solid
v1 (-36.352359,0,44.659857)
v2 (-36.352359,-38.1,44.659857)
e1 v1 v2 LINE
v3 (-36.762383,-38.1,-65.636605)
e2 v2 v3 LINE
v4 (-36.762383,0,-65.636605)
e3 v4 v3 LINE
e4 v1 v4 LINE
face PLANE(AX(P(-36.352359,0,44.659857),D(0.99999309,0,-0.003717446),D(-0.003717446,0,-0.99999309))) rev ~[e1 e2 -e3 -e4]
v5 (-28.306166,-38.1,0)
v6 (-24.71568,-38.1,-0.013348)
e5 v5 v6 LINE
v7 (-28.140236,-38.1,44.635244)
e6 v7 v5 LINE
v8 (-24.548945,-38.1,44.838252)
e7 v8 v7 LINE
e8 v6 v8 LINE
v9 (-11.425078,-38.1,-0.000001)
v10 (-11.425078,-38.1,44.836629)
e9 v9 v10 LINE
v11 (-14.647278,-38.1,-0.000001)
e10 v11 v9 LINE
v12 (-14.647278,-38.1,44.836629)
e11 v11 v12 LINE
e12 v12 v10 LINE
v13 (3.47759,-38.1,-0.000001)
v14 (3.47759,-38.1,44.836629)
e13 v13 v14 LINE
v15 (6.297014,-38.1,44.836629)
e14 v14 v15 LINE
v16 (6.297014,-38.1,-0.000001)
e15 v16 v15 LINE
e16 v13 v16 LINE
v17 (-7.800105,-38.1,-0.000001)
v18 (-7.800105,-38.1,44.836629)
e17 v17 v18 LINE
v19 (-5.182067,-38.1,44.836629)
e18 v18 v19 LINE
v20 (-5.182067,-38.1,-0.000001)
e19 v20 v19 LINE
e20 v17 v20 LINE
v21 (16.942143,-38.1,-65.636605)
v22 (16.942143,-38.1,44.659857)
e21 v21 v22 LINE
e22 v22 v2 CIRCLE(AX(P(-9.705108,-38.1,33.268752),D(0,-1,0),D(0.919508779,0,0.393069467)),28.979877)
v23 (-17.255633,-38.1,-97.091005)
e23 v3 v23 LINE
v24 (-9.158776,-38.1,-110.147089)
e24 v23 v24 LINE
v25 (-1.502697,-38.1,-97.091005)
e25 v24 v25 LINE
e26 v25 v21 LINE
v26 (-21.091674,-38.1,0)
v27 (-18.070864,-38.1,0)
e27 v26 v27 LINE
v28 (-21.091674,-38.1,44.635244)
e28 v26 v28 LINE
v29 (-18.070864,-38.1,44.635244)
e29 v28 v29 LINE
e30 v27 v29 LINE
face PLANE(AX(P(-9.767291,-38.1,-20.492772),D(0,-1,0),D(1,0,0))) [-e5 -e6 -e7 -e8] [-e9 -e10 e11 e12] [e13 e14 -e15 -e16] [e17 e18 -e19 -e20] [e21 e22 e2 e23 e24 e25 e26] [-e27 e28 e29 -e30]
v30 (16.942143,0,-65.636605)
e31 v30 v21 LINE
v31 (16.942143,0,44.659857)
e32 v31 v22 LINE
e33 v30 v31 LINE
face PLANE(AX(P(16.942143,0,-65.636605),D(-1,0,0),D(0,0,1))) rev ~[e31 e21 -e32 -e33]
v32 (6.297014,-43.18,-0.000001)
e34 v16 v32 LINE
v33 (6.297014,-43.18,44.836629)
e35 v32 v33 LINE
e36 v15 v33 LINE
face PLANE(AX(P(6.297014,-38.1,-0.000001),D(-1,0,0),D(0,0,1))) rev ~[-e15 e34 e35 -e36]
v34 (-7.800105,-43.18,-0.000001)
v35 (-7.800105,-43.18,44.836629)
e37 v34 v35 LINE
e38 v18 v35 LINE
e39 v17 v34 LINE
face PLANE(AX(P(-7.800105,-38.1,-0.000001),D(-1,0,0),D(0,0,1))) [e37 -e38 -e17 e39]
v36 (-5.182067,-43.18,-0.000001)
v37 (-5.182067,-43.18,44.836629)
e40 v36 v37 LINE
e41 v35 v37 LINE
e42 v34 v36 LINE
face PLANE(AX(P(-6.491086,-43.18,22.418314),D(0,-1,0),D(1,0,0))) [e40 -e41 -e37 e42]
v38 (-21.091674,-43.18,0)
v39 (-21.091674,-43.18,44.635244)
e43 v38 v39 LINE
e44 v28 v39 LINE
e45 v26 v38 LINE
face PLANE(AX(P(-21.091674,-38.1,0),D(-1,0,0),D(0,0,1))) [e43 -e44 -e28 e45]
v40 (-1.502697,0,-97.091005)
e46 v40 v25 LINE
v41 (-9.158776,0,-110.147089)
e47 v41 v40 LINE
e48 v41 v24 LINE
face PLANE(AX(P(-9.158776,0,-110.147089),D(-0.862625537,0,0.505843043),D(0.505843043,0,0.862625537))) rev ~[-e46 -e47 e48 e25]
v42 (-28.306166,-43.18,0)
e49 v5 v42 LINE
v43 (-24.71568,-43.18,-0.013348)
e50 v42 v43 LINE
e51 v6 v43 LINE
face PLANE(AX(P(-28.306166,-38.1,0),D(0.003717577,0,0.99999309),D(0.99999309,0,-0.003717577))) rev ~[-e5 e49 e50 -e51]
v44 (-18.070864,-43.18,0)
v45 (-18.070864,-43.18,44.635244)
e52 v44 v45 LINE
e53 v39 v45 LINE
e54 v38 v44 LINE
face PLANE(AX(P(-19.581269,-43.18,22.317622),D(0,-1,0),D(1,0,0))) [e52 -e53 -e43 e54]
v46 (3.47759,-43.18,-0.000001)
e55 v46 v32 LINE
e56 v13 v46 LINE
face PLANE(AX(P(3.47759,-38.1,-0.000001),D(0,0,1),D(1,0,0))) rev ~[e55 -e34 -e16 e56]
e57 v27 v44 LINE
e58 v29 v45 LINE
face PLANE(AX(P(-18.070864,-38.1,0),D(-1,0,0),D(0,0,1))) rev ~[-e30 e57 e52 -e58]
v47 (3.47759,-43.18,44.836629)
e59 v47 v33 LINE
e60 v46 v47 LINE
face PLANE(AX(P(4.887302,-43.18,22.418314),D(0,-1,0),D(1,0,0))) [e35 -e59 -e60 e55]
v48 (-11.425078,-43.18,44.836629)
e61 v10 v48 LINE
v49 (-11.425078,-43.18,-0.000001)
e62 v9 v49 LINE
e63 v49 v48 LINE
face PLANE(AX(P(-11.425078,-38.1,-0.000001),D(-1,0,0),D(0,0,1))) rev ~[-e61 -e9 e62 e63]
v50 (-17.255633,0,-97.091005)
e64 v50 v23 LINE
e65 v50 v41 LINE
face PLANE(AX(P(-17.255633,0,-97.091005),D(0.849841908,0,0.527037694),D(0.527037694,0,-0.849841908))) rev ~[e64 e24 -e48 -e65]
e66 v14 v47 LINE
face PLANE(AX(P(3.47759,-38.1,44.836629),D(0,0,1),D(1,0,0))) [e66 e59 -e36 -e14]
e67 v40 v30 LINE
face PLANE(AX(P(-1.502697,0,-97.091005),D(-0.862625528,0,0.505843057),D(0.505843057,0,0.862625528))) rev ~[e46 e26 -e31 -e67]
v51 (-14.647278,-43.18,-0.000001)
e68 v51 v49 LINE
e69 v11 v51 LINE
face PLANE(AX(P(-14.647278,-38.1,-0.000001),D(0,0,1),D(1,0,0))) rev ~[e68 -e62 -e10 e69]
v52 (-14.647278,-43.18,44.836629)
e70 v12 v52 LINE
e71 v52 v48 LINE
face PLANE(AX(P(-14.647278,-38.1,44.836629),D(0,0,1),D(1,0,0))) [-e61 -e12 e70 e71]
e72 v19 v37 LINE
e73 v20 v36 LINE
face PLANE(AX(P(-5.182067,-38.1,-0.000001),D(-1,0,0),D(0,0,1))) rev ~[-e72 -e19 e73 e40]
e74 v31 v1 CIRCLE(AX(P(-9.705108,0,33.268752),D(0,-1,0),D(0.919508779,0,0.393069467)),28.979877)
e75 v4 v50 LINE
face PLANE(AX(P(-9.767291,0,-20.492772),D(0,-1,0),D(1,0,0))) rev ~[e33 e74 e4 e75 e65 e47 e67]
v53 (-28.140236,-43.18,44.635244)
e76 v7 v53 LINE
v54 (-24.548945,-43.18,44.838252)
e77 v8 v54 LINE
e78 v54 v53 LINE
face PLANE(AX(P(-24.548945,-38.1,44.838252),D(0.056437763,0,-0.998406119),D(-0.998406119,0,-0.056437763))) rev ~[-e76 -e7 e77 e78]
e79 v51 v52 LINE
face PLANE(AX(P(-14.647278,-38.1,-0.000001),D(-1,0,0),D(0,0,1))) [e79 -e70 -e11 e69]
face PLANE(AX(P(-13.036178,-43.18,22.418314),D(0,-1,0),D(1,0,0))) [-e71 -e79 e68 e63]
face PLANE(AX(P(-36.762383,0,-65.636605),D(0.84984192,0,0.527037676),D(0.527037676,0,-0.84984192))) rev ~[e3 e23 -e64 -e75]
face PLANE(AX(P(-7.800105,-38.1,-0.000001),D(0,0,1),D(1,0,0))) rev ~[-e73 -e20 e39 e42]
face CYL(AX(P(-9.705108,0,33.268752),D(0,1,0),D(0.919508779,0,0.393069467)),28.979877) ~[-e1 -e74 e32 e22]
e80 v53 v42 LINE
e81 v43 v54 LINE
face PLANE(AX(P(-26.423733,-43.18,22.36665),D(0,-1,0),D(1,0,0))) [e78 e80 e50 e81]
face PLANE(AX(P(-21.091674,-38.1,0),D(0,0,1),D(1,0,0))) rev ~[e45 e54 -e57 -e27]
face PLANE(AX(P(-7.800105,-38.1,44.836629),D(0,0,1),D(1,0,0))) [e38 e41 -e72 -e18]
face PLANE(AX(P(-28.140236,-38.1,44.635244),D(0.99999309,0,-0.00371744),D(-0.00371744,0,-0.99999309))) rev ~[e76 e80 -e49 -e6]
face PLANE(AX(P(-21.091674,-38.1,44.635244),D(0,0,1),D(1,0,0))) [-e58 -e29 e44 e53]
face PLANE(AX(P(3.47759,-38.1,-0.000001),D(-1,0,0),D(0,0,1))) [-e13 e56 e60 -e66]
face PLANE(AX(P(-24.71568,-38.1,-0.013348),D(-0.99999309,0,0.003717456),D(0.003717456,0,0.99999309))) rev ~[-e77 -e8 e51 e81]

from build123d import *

# Parameters (mm, degrees)
F1_DEPTH = 38.1
F2_W     = 3.020811
F2_H     = 44.635244
F2_W_2   = 3.2222
F2_H_2   = 44.836629
F2_W_3   = 2.618038
F2_W_4   = 2.819423
F3_DEPTH = 5.08


with BuildPart() as f1:
    # F0 (on Front) → F1 (new body)
    with BuildSketch(Plane.XZ):
        Polygon((16.942143, 44.659857), (-36.352359, 44.659857), (-36.762383, -65.636605), (-17.255633, -97.091005), (-1.502697, -97.091005), (16.942143, -65.636605), align=None)
        with BuildLine():
            ThreePointArc((16.942143, 44.659857), (-9.705108, 62.248629), (-36.352359, 44.659857))
            Line((-36.352359, 44.659857), (16.942143, 44.659857))
        make_face()
        Polygon((-1.502697, -97.091005), (-17.255633, -97.091005), (-9.158776, -110.147089), align=None)
    extrude(amount=F1_DEPTH)

    # F2 (on face) → F3 (join)
    with BuildSketch(Plane.XZ.offset(38.1)):
        Polygon((-24.548945, 44.838252), (-28.140236, 44.635244), (-28.306166, 0), (-24.71568, -0.013348), align=None)
        with Locations((-19.581269, 22.317622)):
            Rectangle(F2_W, F2_H)
        with Locations((-13.036178, 22.418314)):
            Rectangle(F2_W_2, F2_H_2)
        with Locations((-6.491086, 22.418314)):
            Rectangle(F2_W_3, F2_H_2)
        with Locations((4.887302, 22.418314)):
            Rectangle(F2_W_4, F2_H_2)
    extrude(amount=F3_DEPTH)


solid = f1.part
